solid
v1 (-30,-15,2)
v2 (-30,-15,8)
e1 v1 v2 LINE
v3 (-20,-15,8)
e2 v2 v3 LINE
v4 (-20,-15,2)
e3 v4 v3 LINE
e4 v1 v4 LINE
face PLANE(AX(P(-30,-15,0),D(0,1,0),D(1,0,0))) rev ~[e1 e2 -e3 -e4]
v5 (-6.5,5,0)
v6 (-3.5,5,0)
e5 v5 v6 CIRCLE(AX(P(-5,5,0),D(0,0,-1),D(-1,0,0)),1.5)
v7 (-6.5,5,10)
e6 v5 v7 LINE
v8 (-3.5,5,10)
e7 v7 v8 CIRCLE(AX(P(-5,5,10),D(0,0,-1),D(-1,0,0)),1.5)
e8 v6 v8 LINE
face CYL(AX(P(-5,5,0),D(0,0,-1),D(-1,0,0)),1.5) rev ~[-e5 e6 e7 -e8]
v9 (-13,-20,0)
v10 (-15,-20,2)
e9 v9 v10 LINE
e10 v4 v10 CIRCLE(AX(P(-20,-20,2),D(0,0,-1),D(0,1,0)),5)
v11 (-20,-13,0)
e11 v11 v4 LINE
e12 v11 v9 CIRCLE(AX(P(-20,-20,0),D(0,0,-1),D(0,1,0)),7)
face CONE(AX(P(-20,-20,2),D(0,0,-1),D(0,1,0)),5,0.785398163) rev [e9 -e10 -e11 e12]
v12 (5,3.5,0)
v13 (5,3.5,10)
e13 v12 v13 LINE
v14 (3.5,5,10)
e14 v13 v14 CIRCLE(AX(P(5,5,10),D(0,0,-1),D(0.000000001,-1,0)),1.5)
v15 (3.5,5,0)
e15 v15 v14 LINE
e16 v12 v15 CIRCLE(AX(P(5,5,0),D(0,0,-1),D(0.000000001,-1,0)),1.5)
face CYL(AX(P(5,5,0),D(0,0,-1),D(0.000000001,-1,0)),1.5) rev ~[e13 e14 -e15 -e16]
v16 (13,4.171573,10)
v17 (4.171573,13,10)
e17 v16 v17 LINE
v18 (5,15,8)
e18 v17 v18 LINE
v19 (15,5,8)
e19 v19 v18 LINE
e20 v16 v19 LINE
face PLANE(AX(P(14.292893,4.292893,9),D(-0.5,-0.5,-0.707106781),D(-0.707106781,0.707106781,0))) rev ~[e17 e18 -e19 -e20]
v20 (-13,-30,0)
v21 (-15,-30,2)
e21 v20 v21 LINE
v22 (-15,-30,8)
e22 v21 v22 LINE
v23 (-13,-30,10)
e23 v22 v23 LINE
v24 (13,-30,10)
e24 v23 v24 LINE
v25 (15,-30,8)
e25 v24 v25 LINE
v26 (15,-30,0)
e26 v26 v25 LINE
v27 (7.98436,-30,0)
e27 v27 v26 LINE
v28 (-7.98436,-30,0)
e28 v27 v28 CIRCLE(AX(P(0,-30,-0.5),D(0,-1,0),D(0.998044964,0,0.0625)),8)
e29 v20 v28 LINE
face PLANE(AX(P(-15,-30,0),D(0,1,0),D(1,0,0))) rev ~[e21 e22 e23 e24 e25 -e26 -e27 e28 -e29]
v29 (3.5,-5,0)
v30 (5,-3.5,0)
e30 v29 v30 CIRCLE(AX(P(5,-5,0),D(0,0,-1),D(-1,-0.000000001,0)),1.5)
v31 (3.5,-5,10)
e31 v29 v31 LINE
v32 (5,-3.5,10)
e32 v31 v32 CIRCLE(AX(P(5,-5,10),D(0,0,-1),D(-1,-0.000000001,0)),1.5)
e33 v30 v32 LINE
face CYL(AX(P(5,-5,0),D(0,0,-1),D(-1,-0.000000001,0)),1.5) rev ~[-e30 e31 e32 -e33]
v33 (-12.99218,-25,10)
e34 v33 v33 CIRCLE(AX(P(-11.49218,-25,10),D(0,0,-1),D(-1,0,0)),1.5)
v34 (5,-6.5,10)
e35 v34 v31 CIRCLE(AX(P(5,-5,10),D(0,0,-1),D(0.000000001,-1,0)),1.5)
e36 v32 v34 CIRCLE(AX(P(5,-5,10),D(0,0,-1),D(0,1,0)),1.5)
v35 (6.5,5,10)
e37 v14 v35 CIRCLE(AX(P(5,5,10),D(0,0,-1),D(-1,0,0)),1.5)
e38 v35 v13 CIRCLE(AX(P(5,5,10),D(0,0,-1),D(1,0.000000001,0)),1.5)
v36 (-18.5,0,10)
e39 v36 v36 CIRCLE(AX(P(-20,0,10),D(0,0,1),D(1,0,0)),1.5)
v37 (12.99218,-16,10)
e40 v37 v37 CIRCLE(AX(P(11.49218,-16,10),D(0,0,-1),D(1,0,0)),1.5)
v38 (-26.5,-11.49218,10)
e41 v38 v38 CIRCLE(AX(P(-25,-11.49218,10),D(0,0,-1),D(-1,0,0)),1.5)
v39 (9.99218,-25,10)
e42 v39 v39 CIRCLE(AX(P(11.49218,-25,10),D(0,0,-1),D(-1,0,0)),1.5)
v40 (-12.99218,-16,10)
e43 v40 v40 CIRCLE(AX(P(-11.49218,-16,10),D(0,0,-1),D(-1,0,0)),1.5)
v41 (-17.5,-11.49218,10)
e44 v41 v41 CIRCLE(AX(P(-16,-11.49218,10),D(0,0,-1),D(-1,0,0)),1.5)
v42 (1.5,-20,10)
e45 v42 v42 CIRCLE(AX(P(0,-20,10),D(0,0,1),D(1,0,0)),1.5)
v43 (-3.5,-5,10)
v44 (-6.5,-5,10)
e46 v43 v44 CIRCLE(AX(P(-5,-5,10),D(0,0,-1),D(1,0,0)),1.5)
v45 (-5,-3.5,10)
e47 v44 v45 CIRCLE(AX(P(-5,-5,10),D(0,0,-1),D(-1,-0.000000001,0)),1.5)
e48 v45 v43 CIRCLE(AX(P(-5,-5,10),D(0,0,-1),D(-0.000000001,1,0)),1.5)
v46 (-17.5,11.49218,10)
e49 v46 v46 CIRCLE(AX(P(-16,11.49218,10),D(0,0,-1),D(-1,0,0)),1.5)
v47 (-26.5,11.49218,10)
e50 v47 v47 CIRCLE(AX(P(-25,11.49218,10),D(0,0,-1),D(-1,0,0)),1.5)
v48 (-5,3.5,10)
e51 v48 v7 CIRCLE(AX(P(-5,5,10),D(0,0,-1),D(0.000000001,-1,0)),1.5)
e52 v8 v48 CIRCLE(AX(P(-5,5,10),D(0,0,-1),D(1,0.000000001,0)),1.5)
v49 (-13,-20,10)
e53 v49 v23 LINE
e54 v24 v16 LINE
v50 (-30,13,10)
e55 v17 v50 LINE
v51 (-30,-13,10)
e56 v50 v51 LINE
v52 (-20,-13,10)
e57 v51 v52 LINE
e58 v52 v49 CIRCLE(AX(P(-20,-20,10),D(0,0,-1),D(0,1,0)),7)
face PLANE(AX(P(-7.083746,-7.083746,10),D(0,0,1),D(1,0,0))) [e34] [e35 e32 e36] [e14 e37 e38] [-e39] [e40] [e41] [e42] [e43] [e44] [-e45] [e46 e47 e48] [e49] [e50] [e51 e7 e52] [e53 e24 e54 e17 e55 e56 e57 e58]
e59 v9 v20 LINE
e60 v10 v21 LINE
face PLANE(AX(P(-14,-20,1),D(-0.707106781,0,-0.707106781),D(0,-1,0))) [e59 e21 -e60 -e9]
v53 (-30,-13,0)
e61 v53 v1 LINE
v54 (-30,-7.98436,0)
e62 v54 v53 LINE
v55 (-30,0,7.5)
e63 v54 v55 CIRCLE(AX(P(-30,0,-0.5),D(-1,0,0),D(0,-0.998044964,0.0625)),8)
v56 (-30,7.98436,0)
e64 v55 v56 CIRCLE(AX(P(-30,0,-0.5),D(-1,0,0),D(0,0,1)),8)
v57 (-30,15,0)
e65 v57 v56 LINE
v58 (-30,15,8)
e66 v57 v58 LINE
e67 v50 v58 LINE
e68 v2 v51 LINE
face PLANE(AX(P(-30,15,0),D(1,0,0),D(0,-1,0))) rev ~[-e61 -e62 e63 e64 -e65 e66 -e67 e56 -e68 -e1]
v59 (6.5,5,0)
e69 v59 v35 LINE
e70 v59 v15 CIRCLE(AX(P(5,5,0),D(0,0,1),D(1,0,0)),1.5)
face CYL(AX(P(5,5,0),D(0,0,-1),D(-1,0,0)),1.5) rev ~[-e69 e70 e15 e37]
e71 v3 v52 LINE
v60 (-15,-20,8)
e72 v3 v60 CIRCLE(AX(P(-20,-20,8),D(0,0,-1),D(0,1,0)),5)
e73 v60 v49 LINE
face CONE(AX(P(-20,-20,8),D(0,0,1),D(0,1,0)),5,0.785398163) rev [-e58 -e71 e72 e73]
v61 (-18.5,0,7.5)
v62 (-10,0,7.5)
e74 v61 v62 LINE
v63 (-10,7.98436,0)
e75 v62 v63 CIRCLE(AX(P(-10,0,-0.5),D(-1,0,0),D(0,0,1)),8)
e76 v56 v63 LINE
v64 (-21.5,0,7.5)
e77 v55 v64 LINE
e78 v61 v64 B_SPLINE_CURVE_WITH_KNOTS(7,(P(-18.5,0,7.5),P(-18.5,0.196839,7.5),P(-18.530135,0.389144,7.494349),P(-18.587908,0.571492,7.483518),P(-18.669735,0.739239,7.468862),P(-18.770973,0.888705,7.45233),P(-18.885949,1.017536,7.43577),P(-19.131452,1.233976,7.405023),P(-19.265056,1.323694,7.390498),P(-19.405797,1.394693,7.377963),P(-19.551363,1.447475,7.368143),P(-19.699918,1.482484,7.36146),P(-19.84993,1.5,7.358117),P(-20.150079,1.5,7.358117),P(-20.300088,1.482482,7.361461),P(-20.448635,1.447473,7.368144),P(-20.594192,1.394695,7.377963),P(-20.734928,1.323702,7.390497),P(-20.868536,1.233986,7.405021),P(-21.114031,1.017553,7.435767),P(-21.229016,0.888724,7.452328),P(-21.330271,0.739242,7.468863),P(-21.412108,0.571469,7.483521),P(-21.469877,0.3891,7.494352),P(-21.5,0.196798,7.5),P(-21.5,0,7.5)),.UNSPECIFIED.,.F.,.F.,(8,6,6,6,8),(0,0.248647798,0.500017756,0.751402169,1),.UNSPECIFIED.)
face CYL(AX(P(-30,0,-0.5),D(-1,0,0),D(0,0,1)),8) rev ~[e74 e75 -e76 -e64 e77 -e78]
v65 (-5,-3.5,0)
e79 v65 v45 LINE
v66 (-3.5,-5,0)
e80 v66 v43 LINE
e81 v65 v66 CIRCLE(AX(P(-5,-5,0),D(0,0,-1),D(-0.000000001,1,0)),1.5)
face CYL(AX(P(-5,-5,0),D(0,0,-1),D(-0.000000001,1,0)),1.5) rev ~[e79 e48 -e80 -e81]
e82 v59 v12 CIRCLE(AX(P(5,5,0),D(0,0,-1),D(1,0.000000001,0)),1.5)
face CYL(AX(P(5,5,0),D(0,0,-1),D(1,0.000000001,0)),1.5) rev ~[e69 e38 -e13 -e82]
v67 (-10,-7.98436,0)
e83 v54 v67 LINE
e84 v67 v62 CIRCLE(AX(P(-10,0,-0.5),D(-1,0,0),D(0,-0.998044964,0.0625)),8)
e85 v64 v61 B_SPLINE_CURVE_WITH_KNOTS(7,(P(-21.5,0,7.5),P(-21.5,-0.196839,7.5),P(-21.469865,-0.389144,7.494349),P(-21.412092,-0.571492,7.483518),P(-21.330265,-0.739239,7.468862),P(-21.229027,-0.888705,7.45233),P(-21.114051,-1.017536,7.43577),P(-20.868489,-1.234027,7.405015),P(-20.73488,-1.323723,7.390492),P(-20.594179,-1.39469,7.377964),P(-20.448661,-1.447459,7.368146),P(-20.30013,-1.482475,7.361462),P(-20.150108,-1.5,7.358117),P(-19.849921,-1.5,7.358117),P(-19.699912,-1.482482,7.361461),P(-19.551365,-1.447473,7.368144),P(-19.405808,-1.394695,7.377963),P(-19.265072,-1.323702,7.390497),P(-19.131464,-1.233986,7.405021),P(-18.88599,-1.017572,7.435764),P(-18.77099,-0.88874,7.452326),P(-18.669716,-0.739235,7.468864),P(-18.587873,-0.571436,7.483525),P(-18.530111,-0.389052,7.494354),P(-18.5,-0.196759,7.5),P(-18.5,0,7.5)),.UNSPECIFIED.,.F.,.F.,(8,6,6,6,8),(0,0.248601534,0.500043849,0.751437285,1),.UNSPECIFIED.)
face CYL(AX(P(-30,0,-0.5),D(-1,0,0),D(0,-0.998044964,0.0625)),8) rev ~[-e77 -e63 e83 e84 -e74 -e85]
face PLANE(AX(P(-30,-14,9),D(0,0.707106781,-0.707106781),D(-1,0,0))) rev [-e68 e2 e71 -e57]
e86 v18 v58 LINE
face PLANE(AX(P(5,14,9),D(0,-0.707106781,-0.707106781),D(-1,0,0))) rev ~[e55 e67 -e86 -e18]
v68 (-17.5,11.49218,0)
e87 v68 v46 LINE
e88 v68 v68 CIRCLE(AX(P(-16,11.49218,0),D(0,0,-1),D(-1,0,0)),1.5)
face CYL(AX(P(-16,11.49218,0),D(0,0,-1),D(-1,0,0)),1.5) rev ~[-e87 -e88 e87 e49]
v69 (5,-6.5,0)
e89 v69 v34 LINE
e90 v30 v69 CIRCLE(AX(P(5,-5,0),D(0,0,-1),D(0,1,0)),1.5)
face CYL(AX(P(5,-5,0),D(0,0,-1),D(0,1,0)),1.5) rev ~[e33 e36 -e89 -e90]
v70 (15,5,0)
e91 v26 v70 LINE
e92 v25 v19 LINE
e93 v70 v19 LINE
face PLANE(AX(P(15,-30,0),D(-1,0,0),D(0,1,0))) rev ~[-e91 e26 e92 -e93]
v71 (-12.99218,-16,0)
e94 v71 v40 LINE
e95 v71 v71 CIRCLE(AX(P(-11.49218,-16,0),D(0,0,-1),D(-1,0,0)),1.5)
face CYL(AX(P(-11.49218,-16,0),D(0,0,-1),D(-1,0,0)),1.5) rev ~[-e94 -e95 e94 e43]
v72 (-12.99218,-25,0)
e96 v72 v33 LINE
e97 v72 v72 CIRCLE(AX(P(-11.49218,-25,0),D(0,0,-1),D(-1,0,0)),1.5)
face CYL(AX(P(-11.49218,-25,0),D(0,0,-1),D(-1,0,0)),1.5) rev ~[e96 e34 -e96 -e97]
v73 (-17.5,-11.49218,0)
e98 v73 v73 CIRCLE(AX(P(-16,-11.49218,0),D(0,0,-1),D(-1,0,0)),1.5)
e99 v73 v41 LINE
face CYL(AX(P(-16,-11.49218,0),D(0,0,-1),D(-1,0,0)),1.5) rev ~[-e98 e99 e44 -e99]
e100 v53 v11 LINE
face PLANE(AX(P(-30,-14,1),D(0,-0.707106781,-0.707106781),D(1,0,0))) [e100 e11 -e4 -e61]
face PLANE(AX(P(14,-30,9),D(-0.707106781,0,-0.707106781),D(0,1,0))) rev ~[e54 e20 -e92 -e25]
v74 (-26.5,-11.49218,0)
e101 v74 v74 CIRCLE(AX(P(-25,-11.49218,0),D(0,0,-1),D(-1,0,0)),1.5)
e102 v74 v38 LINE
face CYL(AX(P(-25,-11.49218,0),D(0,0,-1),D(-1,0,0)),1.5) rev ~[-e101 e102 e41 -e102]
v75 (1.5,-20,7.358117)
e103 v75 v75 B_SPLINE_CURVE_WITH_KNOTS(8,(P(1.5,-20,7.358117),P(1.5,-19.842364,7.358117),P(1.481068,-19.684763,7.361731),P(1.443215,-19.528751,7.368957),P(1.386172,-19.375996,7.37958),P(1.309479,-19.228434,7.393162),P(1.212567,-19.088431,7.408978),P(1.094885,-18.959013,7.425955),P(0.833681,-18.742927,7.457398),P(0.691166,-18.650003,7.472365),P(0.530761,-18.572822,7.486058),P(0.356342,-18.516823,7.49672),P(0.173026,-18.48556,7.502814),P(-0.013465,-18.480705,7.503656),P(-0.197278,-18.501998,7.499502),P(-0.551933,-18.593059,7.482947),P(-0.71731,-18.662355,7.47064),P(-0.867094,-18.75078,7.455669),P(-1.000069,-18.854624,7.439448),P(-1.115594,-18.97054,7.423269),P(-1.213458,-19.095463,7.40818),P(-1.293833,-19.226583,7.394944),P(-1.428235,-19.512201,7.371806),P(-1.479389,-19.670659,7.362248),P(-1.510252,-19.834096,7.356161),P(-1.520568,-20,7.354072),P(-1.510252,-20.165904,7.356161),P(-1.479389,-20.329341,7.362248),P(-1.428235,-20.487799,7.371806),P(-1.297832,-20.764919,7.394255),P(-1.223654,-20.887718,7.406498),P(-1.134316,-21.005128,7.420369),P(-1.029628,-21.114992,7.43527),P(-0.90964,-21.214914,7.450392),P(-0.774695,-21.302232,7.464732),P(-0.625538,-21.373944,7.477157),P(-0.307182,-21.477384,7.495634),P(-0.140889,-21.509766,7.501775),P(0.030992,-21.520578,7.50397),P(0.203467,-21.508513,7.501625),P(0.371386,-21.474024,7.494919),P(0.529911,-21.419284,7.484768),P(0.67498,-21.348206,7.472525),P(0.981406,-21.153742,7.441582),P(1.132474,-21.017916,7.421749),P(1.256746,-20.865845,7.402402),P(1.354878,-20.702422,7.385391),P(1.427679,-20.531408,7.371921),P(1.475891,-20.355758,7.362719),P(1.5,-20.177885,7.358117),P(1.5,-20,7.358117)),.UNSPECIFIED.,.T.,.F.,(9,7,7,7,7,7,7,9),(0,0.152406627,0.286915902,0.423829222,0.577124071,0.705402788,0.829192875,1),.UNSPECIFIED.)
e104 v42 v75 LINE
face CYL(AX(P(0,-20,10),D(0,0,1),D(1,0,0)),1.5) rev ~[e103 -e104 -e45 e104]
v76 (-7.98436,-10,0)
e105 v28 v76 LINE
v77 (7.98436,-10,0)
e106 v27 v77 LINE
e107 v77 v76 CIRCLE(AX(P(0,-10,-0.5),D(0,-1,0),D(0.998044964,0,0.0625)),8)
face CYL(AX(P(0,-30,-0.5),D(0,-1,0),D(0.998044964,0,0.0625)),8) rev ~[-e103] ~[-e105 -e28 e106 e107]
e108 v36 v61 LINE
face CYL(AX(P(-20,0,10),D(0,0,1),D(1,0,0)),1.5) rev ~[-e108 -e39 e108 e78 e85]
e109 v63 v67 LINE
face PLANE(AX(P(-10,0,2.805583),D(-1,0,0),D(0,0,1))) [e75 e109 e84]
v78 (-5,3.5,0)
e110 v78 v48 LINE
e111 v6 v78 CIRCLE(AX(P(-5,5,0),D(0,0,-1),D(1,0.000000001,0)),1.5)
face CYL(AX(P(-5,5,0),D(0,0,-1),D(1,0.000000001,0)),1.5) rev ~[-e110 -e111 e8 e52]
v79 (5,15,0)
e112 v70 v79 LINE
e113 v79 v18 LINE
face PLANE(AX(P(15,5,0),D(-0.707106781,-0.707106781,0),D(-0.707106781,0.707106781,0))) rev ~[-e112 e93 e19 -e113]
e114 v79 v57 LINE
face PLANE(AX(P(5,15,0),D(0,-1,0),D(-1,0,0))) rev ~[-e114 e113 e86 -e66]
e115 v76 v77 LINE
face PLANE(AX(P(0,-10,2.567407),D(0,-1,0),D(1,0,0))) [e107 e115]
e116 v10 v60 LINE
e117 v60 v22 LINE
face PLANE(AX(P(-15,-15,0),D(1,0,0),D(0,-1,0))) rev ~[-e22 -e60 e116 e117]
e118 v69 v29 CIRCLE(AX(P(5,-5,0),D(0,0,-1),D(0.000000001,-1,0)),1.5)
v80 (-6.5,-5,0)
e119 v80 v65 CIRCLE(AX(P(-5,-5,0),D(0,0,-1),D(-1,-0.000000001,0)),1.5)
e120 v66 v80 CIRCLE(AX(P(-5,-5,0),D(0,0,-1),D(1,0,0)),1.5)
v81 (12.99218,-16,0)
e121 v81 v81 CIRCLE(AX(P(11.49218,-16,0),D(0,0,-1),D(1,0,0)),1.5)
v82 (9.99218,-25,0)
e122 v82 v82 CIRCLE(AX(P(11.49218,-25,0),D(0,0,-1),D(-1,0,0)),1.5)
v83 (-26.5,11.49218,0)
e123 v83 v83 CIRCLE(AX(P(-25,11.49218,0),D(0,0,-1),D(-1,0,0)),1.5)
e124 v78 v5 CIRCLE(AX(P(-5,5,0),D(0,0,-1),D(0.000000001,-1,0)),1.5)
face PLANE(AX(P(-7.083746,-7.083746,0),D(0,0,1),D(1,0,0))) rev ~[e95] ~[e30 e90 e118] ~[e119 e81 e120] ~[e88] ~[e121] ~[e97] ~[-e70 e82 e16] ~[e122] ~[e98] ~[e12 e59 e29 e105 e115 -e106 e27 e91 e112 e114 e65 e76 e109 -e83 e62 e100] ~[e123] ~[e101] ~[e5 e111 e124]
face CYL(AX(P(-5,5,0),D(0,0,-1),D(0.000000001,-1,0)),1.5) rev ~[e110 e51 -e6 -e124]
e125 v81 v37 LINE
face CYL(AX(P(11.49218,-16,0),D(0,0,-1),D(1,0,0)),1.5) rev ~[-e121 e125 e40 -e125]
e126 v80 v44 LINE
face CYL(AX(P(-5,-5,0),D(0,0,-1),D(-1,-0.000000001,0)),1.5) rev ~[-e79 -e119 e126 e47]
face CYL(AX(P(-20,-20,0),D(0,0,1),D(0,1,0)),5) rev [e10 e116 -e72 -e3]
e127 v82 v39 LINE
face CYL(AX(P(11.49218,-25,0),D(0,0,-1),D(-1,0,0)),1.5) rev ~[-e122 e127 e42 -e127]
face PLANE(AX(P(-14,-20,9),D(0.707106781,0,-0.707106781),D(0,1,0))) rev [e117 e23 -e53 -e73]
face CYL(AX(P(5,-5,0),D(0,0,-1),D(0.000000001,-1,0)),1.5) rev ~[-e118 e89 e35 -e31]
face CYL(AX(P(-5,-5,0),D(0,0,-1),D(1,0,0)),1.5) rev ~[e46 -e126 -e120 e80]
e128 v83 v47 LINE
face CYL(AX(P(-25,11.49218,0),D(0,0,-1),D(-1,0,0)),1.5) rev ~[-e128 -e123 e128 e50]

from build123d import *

# Parameters (mm, degrees)
BOSS_EXTRUDE1_DEPTH = 10
CUT_EXTRUDE1_DEPTH  = 20
CUT_EXTRUDE2_DEPTH  = 20
CUT_EXTRUDE3_DEPTH  = 20
SKETCH5_R           = 1.5
CUT_EXTRUDE4_DEPTH  = 20
FILLET1_R           = 5
CHAMFER1_SIZE       = 2
SKETCH6_R           = 1.5
CUT_EXTRUDE5_DEPTH  = 20


with BuildPart() as part:
    # Sketch1 → Boss-Extrude1 (new body)
    with BuildSketch(Plane.XY):
        Polygon((-30, -15), (-15, -15), (-15, -30), (15, -30), (15, 5), (5, 15), (-30, 15), align=None)
        with BuildLine():
            Line((-3.5, 5), (-6.5, 5))
            ThreePointArc((-6.5, 5), (-5, 6.5), (-3.5, 5))
        make_face(mode=Mode.SUBTRACT)
        with BuildLine():
            ThreePointArc((3.5, 5), (5, 6.5), (6.5, 5))
            Line((6.5, 5), (3.5, 5))
        make_face(mode=Mode.SUBTRACT)
    extrude(amount=BOSS_EXTRUDE1_DEPTH)

    # Sketch2 → Cut-Extrude1 (cut)
    with BuildSketch(Plane.XZ.offset(30)):
        with BuildLine():
            Line((0, 0), (7.984359711, 0))
            ThreePointArc((7.984359711, 0), (0, 7.5), (-7.984359711, 0))
            Line((-7.984359711, 0), (0, 0))
        make_face()
    extrude(amount=-CUT_EXTRUDE1_DEPTH, mode=Mode.SUBTRACT)

    # Sketch3 → Cut-Extrude2 (cut)
    with BuildSketch(Plane.ZY.offset(30)):
        with BuildLine():
            ThreePointArc((0, -7.984359711), (5.330951895, -5.477225575), (7.5, 0))
            ThreePointArc((7.5, 0), (5.330951895, 5.477225575), (0, 7.984359711))
            Line((0, 7.984359711), (0, 0))
            Line((0, 0), (0, -7.984359711))
        make_face()
    extrude(amount=-CUT_EXTRUDE2_DEPTH, mode=Mode.SUBTRACT)

    # Sketch4 → Cut-Extrude3 (cut)
    with BuildSketch(Plane(origin=(0, 0, 0), x_dir=(-1, 0, 0), z_dir=(0, 0, -1))):
        with BuildLine():
            ThreePointArc((3.5, 5), (5, 6.5), (6.5, 5))
            Line((6.5, 5), (3.5, 5))
        make_face()
        with BuildLine():
            Line((5, 5), (3.5, 5))
            ThreePointArc((3.5, 5), (3.939339828, 3.939339828), (5, 3.5))
            Line((5, 3.5), (5, 5))
        make_face()
        with BuildLine():
            Line((5, 5), (5, 3.5))
            ThreePointArc((5, 3.5), (6.060660172, 3.939339828), (6.5, 5))
            Line((6.5, 5), (5, 5))
        make_face()
        with BuildLine():
            Line((5, 5), (3.5, 5))
            ThreePointArc((3.5, 5), (3.939339828, 3.939339828), (5, 3.5))
            Line((5, 3.5), (5, 5))
        make_face()
        with BuildLine():
            Line((5, 5), (5, 3.5))
            ThreePointArc((5, 3.5), (6.060660172, 3.939339828), (6.5, 5))
            Line((6.5, 5), (5, 5))
        make_face()
        with BuildLine():
            ThreePointArc((5, -3.5), (3.939339828, -3.939339828), (3.5, -5))
            Line((3.5, -5), (5, -5))
            Line((5, -5), (5, -3.5))
        make_face()
        with BuildLine():
            Line((5, -5), (3.5, -5))
            ThreePointArc((3.5, -5), (5, -6.5), (6.5, -5))
            ThreePointArc((6.5, -5), (6.060660172, -3.939339828), (5, -3.5))
            Line((5, -3.5), (5, -5))
        make_face()
        with BuildLine():
            ThreePointArc((5, -3.5), (3.939339828, -3.939339828), (3.5, -5))
            Line((3.5, -5), (5, -5))
            Line((5, -5), (5, -3.5))
        make_face()
        with BuildLine():
            Line((5, -5), (3.5, -5))
            ThreePointArc((3.5, -5), (5, -6.5), (6.5, -5))
            ThreePointArc((6.5, -5), (6.060660172, -3.939339828), (5, -3.5))
            Line((5, -3.5), (5, -5))
        make_face()
        with BuildLine():
            Line((-5, 6.5), (-5, 5))
            Line((-5, 5), (-3.5, 5))
            ThreePointArc((-3.5, 5), (-3.939339828, 6.060660172), (-5, 6.5))
        make_face()
        with BuildLine():
            Line((-6.5, 5), (-5, 5))
            Line((-5, 5), (-5, 6.5))
            ThreePointArc((-5, 6.5), (-6.060660172, 6.060660172), (-6.5, 5))
        make_face()
        with BuildLine():
            Line((-5, 6.5), (-5, 5))
            Line((-5, 5), (-3.5, 5))
            ThreePointArc((-3.5, 5), (-3.939339828, 6.060660172), (-5, 6.5))
        make_face()
        with BuildLine():
            Line((-6.5, 5), (-5, 5))
            Line((-5, 5), (-5, 6.5))
            ThreePointArc((-5, 6.5), (-6.060660172, 6.060660172), (-6.5, 5))
        make_face()
        with BuildLine():
            ThreePointArc((-6.5, 5), (-6.060660172, 3.939339828), (-5, 3.5))
            Line((-5, 3.5), (-5, 5))
            Line((-5, 5), (-6.5, 5))
        make_face()
        with BuildLine():
            Line((-5, 5), (-5, 3.5))
            ThreePointArc((-5, 3.5), (-3.939339828, 3.939339828), (-3.5, 5))
            Line((-3.5, 5), (-5, 5))
        make_face()
        with BuildLine():
            ThreePointArc((-6.5, 5), (-6.060660172, 3.939339828), (-5, 3.5))
            Line((-5, 3.5), (-5, 5))
            Line((-5, 5), (-6.5, 5))
        make_face()
        with BuildLine():
            Line((-5, 5), (-5, 3.5))
            ThreePointArc((-5, 3.5), (-3.939339828, 3.939339828), (-3.5, 5))
            Line((-3.5, 5), (-5, 5))
        make_face()
        with BuildLine():
            Line((-5, -6.5), (-5, -5))
            Line((-5, -5), (-5, -3.5))
            ThreePointArc((-5, -3.5), (-6.5, -5), (-5, -6.5))
        make_face()
        with BuildLine():
            Line((-5, -3.5), (-5, -5))
            Line((-5, -5), (-3.5, -5))
            ThreePointArc((-3.5, -5), (-3.939339828, -3.939339828), (-5, -3.5))
        make_face()
        with BuildLine():
            Line((-3.5, -5), (-5, -5))
            Line((-5, -5), (-5, -6.5))
            ThreePointArc((-5, -6.5), (-3.939339828, -6.060660172), (-3.5, -5))
        make_face()
        with BuildLine():
            Line((-5, -3.5), (-5, -5))
            Line((-5, -5), (-3.5, -5))
            ThreePointArc((-3.5, -5), (-3.939339828, -3.939339828), (-5, -3.5))
        make_face()
        with BuildLine():
            Line((-3.5, -5), (-5, -5))
            Line((-5, -5), (-5, -6.5))
            ThreePointArc((-5, -6.5), (-3.939339828, -6.060660172), (-3.5, -5))
        make_face()
    extrude(amount=-CUT_EXTRUDE3_DEPTH, mode=Mode.SUBTRACT)

    # Sketch5 → Cut-Extrude4 (cut)
    with BuildSketch(Plane(origin=(0, 0, 0), x_dir=(-1, 0, 0), z_dir=(0, 0, -1))):
        with Locations((25, 11.492179856)):
            Circle(SKETCH5_R)
        with Locations((16, 11.492179856)):
            Circle(SKETCH5_R)
        with Locations((25, -11.492179856)):
            Circle(SKETCH5_R)
        with Locations((16, -11.492179856)):
            Circle(SKETCH5_R)
        with Locations((11.492179856, -16)):
            Circle(SKETCH5_R)
        with Locations((11.492179856, -25)):
            Circle(SKETCH5_R)
        with Locations(Location((-11.492179856, -16, 0), (0, 0, 180))):
            Circle(SKETCH5_R)
        with Locations((-11.492179856, -25)):
            Circle(SKETCH5_R)
    extrude(amount=-CUT_EXTRUDE4_DEPTH, mode=Mode.SUBTRACT)

    # Fillet1
    fillet1_edges = [part.edges().sort_by_distance(p)[0] for p in [
        (-15, -15, 5),
    ]]
    fillet(fillet1_edges, radius=FILLET1_R)

    # Chamfer1
    chamfer1_edges = [part.edges().sort_by_distance(p)[0] for p in [
        (-16.464466094, -16.464466094, 10),
        (-16.464466094, -16.464466094, 0),
        (-25, -15, 0),
        (15, -12.5, 10),
        (10, 10, 10),
        (-12.5, 15, 10),
        (-15, -25, 10),
        (-15, -25, 0),
        (-25, -15, 10),
    ]]
    chamfer(chamfer1_edges, length=CHAMFER1_SIZE)

    # Sketch6 → Cut-Extrude5 (cut)
    with BuildSketch(Plane.XY.offset(10)):
        with Locations((-20, 0)):
            Circle(SKETCH6_R)
        with Locations((0, -20)):
            Circle(SKETCH6_R)
    extrude(amount=-CUT_EXTRUDE5_DEPTH, mode=Mode.SUBTRACT)


solid = part.part
